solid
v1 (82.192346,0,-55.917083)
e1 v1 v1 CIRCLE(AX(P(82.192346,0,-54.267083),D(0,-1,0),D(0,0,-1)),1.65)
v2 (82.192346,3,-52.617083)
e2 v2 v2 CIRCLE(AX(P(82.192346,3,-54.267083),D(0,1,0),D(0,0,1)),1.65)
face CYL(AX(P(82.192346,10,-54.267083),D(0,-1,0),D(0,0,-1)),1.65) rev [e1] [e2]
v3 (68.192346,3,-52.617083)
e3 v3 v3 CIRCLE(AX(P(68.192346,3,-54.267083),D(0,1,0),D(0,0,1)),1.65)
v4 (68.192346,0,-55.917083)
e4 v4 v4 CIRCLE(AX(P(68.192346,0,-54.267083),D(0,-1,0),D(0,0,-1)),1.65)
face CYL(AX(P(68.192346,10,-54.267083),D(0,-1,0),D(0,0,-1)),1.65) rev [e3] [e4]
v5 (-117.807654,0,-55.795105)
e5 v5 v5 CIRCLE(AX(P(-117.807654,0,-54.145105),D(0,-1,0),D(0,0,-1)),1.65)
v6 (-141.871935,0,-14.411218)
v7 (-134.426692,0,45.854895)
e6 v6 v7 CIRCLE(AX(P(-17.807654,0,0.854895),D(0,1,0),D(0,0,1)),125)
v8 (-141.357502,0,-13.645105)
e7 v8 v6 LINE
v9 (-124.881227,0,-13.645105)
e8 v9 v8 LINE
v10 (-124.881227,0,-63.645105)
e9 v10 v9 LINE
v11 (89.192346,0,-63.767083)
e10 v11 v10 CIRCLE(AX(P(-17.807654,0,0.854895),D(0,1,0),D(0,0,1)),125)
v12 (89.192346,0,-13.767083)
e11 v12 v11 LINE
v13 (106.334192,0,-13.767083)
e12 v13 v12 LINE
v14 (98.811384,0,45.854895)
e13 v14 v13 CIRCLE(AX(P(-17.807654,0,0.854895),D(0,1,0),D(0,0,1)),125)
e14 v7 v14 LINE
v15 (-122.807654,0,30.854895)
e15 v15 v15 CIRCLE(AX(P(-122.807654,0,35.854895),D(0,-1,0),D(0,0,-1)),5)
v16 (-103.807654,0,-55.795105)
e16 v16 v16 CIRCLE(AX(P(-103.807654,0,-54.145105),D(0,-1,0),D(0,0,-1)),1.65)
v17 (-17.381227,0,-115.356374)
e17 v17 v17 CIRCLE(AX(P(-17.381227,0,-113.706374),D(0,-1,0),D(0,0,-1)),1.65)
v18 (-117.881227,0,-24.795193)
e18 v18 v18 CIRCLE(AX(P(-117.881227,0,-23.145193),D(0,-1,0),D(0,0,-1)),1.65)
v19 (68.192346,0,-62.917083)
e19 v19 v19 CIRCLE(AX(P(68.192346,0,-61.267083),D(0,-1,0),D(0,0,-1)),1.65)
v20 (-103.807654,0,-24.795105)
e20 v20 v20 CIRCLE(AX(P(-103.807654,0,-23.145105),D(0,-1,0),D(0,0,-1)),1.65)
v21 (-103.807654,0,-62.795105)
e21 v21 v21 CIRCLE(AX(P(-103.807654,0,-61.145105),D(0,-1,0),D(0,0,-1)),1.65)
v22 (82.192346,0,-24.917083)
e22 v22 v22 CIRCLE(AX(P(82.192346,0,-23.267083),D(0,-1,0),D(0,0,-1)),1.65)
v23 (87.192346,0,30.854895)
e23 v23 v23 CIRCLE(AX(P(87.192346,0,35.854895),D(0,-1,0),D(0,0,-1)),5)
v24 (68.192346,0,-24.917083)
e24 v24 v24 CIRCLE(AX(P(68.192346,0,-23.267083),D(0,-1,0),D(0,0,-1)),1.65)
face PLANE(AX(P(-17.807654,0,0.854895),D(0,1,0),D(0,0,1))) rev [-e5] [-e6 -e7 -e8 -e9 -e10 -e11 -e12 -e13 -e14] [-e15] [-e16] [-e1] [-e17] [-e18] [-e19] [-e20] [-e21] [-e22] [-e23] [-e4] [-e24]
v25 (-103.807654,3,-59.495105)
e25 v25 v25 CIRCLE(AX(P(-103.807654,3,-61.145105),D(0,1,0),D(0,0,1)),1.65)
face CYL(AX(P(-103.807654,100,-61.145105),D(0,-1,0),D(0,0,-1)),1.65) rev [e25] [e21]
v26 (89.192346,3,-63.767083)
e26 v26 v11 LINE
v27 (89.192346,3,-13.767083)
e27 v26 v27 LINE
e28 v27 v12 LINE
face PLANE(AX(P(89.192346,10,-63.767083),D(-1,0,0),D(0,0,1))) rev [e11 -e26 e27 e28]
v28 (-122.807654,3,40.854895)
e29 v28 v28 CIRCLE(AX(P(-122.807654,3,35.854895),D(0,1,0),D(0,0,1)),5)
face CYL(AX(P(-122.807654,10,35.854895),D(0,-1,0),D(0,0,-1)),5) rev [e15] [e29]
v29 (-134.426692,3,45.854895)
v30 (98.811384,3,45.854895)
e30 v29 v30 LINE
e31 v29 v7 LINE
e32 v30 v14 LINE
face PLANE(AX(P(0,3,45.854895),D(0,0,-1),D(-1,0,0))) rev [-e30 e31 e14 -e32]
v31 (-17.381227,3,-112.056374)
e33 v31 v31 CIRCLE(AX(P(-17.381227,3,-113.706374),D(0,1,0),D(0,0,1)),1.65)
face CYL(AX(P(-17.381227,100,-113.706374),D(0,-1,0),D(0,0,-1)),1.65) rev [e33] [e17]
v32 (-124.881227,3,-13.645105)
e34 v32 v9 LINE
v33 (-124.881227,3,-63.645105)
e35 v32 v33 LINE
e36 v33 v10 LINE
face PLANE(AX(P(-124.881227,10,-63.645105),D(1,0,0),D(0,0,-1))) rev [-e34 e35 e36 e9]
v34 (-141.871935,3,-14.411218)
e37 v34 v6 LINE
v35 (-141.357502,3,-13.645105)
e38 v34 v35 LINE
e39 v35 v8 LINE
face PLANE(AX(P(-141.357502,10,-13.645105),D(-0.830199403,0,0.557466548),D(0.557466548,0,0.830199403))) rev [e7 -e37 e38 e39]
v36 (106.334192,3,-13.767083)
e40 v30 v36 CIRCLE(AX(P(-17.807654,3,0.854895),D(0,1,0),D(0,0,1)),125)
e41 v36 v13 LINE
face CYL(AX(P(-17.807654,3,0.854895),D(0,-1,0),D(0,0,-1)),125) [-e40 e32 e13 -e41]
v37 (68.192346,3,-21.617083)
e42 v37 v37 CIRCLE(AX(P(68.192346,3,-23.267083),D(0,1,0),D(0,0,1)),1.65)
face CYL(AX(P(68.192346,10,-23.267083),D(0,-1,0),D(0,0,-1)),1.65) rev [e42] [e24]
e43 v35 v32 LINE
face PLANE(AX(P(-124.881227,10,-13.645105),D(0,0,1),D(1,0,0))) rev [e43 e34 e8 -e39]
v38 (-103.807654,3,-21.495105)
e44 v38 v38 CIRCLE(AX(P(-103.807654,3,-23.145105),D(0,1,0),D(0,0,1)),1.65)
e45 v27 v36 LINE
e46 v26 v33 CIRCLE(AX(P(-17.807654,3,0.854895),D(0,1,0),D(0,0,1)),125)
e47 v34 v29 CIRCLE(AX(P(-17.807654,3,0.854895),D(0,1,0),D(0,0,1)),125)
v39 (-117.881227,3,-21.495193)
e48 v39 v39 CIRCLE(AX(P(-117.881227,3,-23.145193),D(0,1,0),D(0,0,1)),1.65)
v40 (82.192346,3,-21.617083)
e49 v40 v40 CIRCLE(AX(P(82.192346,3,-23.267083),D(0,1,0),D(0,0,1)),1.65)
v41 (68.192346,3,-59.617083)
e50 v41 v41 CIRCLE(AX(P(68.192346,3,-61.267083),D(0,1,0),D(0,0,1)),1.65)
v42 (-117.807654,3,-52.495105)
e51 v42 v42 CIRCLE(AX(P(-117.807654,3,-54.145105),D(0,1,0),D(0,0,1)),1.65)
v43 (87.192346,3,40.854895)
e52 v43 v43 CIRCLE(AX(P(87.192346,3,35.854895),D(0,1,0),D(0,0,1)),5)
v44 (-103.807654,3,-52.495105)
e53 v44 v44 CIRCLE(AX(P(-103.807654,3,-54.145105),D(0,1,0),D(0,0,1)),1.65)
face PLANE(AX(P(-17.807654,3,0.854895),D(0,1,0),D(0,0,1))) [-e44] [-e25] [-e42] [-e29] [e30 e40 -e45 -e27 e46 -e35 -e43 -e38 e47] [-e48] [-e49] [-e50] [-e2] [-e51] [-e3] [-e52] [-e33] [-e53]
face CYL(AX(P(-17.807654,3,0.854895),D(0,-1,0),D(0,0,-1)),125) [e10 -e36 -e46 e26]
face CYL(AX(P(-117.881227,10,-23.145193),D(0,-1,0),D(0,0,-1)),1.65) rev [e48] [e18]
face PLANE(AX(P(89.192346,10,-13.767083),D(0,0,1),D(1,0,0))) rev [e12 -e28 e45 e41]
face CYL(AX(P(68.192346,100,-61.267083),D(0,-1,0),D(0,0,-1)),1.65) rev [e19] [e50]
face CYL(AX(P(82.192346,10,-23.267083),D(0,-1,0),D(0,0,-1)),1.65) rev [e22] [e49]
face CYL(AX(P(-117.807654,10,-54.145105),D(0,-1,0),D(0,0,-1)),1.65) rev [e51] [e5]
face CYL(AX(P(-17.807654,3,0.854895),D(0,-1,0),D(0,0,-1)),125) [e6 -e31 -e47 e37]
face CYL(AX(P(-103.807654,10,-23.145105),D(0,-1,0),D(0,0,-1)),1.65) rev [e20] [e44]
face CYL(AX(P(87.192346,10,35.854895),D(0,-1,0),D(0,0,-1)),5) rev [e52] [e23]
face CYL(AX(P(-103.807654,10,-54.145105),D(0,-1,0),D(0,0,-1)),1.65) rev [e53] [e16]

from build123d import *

# Parameters (mm, degrees)
SKETCH2_R           = 125
BOSS_EXTRUDE1_DEPTH = 3
CUT_EXTRUDE1_DEPTH  = 3
SKETCH4_R           = 1.65
SKETCH4_R_2         = 5
CUT_EXTRUDE2_DEPTH  = 10
SKETCH6_R           = 1.65
CUT_EXTRUDE3_DEPTH  = 100


with BuildPart() as part:
    # Sketch2 → Boss-Extrude1 (new body)
    with BuildSketch(Plane(origin=(0, 0, 0), x_dir=(1, 0, 0), z_dir=(0, 1, 0))):
        with Locations((-17.80765369, -0.854894607)):
            Circle(SKETCH2_R)
    extrude(amount=BOSS_EXTRUDE1_DEPTH)

    # Sketch3 → Cut-Extrude1 (cut)
    with BuildSketch(Plane.XZ):
        Polygon((-735.289651923, 45.854894607), (-134.426691587, 45.854894607), (98.811384207, 45.854894607), (699.674344543, 45.854894607), (699.674344543, 1247.580815278), (-735.289651923, 1247.580815278), align=None)
    extrude(amount=-CUT_EXTRUDE1_DEPTH, mode=Mode.SUBTRACT)

    # Sketch4 → Cut-Extrude2 (cut)
    with BuildSketch(Plane(origin=(0, 0, 0), x_dir=(-1, 0, 0), z_dir=(0, -1, 0))):
        with Locations((117.80765369, 54.145105393)):
            Circle(SKETCH4_R)
        with Locations((117.881226527, 23.145192699)):
            Circle(SKETCH4_R)
        with Locations((103.80765369, 54.145105393)):
            Circle(SKETCH4_R)
        with Locations((103.80765369, 23.145105393)):
            Circle(SKETCH4_R)
        with Locations((-68.19234631, 54.267083079)):
            Circle(SKETCH4_R)
        with Locations((-82.19234631, 54.267083079)):
            Circle(SKETCH4_R)
        with Locations((-82.19234631, 23.267083079)):
            Circle(SKETCH4_R)
        with Locations((-68.19234631, 23.267083079)):
            Circle(SKETCH4_R)
        with Locations((122.80765369, -35.854894607)):
            Circle(SKETCH4_R_2)
        with Locations((-87.19234631, -35.854894607)):
            Circle(SKETCH4_R_2)
        Polygon((124.881226527, 63.645105393), (124.881226527, 13.645105393), (141.357501756, 13.645105393), (159.377606719, 40.481299306), align=None)
        Polygon((-89.19234631, 63.767083079), (-89.19234631, 13.767083079), (-106.334191667, 13.767083079), (-114.079843912, 54.596315864), align=None)
    extrude(amount=-CUT_EXTRUDE2_DEPTH, mode=Mode.SUBTRACT)

    # Sketch6 → Cut-Extrude3 (cut)
    with BuildSketch(Plane(origin=(0, 0, 0), x_dir=(-1, 0, 0), z_dir=(0, -1, 0))):
        with Locations((103.80765369, 61.145105393)):
            Circle(SKETCH6_R)
        with Locations((-68.19234631, 61.267083079)):
            Circle(SKETCH6_R)
        with Locations((17.381226527, 113.706374405)):
            Circle(SKETCH6_R)
    extrude(amount=-CUT_EXTRUDE3_DEPTH, mode=Mode.SUBTRACT)


solid = part.part
